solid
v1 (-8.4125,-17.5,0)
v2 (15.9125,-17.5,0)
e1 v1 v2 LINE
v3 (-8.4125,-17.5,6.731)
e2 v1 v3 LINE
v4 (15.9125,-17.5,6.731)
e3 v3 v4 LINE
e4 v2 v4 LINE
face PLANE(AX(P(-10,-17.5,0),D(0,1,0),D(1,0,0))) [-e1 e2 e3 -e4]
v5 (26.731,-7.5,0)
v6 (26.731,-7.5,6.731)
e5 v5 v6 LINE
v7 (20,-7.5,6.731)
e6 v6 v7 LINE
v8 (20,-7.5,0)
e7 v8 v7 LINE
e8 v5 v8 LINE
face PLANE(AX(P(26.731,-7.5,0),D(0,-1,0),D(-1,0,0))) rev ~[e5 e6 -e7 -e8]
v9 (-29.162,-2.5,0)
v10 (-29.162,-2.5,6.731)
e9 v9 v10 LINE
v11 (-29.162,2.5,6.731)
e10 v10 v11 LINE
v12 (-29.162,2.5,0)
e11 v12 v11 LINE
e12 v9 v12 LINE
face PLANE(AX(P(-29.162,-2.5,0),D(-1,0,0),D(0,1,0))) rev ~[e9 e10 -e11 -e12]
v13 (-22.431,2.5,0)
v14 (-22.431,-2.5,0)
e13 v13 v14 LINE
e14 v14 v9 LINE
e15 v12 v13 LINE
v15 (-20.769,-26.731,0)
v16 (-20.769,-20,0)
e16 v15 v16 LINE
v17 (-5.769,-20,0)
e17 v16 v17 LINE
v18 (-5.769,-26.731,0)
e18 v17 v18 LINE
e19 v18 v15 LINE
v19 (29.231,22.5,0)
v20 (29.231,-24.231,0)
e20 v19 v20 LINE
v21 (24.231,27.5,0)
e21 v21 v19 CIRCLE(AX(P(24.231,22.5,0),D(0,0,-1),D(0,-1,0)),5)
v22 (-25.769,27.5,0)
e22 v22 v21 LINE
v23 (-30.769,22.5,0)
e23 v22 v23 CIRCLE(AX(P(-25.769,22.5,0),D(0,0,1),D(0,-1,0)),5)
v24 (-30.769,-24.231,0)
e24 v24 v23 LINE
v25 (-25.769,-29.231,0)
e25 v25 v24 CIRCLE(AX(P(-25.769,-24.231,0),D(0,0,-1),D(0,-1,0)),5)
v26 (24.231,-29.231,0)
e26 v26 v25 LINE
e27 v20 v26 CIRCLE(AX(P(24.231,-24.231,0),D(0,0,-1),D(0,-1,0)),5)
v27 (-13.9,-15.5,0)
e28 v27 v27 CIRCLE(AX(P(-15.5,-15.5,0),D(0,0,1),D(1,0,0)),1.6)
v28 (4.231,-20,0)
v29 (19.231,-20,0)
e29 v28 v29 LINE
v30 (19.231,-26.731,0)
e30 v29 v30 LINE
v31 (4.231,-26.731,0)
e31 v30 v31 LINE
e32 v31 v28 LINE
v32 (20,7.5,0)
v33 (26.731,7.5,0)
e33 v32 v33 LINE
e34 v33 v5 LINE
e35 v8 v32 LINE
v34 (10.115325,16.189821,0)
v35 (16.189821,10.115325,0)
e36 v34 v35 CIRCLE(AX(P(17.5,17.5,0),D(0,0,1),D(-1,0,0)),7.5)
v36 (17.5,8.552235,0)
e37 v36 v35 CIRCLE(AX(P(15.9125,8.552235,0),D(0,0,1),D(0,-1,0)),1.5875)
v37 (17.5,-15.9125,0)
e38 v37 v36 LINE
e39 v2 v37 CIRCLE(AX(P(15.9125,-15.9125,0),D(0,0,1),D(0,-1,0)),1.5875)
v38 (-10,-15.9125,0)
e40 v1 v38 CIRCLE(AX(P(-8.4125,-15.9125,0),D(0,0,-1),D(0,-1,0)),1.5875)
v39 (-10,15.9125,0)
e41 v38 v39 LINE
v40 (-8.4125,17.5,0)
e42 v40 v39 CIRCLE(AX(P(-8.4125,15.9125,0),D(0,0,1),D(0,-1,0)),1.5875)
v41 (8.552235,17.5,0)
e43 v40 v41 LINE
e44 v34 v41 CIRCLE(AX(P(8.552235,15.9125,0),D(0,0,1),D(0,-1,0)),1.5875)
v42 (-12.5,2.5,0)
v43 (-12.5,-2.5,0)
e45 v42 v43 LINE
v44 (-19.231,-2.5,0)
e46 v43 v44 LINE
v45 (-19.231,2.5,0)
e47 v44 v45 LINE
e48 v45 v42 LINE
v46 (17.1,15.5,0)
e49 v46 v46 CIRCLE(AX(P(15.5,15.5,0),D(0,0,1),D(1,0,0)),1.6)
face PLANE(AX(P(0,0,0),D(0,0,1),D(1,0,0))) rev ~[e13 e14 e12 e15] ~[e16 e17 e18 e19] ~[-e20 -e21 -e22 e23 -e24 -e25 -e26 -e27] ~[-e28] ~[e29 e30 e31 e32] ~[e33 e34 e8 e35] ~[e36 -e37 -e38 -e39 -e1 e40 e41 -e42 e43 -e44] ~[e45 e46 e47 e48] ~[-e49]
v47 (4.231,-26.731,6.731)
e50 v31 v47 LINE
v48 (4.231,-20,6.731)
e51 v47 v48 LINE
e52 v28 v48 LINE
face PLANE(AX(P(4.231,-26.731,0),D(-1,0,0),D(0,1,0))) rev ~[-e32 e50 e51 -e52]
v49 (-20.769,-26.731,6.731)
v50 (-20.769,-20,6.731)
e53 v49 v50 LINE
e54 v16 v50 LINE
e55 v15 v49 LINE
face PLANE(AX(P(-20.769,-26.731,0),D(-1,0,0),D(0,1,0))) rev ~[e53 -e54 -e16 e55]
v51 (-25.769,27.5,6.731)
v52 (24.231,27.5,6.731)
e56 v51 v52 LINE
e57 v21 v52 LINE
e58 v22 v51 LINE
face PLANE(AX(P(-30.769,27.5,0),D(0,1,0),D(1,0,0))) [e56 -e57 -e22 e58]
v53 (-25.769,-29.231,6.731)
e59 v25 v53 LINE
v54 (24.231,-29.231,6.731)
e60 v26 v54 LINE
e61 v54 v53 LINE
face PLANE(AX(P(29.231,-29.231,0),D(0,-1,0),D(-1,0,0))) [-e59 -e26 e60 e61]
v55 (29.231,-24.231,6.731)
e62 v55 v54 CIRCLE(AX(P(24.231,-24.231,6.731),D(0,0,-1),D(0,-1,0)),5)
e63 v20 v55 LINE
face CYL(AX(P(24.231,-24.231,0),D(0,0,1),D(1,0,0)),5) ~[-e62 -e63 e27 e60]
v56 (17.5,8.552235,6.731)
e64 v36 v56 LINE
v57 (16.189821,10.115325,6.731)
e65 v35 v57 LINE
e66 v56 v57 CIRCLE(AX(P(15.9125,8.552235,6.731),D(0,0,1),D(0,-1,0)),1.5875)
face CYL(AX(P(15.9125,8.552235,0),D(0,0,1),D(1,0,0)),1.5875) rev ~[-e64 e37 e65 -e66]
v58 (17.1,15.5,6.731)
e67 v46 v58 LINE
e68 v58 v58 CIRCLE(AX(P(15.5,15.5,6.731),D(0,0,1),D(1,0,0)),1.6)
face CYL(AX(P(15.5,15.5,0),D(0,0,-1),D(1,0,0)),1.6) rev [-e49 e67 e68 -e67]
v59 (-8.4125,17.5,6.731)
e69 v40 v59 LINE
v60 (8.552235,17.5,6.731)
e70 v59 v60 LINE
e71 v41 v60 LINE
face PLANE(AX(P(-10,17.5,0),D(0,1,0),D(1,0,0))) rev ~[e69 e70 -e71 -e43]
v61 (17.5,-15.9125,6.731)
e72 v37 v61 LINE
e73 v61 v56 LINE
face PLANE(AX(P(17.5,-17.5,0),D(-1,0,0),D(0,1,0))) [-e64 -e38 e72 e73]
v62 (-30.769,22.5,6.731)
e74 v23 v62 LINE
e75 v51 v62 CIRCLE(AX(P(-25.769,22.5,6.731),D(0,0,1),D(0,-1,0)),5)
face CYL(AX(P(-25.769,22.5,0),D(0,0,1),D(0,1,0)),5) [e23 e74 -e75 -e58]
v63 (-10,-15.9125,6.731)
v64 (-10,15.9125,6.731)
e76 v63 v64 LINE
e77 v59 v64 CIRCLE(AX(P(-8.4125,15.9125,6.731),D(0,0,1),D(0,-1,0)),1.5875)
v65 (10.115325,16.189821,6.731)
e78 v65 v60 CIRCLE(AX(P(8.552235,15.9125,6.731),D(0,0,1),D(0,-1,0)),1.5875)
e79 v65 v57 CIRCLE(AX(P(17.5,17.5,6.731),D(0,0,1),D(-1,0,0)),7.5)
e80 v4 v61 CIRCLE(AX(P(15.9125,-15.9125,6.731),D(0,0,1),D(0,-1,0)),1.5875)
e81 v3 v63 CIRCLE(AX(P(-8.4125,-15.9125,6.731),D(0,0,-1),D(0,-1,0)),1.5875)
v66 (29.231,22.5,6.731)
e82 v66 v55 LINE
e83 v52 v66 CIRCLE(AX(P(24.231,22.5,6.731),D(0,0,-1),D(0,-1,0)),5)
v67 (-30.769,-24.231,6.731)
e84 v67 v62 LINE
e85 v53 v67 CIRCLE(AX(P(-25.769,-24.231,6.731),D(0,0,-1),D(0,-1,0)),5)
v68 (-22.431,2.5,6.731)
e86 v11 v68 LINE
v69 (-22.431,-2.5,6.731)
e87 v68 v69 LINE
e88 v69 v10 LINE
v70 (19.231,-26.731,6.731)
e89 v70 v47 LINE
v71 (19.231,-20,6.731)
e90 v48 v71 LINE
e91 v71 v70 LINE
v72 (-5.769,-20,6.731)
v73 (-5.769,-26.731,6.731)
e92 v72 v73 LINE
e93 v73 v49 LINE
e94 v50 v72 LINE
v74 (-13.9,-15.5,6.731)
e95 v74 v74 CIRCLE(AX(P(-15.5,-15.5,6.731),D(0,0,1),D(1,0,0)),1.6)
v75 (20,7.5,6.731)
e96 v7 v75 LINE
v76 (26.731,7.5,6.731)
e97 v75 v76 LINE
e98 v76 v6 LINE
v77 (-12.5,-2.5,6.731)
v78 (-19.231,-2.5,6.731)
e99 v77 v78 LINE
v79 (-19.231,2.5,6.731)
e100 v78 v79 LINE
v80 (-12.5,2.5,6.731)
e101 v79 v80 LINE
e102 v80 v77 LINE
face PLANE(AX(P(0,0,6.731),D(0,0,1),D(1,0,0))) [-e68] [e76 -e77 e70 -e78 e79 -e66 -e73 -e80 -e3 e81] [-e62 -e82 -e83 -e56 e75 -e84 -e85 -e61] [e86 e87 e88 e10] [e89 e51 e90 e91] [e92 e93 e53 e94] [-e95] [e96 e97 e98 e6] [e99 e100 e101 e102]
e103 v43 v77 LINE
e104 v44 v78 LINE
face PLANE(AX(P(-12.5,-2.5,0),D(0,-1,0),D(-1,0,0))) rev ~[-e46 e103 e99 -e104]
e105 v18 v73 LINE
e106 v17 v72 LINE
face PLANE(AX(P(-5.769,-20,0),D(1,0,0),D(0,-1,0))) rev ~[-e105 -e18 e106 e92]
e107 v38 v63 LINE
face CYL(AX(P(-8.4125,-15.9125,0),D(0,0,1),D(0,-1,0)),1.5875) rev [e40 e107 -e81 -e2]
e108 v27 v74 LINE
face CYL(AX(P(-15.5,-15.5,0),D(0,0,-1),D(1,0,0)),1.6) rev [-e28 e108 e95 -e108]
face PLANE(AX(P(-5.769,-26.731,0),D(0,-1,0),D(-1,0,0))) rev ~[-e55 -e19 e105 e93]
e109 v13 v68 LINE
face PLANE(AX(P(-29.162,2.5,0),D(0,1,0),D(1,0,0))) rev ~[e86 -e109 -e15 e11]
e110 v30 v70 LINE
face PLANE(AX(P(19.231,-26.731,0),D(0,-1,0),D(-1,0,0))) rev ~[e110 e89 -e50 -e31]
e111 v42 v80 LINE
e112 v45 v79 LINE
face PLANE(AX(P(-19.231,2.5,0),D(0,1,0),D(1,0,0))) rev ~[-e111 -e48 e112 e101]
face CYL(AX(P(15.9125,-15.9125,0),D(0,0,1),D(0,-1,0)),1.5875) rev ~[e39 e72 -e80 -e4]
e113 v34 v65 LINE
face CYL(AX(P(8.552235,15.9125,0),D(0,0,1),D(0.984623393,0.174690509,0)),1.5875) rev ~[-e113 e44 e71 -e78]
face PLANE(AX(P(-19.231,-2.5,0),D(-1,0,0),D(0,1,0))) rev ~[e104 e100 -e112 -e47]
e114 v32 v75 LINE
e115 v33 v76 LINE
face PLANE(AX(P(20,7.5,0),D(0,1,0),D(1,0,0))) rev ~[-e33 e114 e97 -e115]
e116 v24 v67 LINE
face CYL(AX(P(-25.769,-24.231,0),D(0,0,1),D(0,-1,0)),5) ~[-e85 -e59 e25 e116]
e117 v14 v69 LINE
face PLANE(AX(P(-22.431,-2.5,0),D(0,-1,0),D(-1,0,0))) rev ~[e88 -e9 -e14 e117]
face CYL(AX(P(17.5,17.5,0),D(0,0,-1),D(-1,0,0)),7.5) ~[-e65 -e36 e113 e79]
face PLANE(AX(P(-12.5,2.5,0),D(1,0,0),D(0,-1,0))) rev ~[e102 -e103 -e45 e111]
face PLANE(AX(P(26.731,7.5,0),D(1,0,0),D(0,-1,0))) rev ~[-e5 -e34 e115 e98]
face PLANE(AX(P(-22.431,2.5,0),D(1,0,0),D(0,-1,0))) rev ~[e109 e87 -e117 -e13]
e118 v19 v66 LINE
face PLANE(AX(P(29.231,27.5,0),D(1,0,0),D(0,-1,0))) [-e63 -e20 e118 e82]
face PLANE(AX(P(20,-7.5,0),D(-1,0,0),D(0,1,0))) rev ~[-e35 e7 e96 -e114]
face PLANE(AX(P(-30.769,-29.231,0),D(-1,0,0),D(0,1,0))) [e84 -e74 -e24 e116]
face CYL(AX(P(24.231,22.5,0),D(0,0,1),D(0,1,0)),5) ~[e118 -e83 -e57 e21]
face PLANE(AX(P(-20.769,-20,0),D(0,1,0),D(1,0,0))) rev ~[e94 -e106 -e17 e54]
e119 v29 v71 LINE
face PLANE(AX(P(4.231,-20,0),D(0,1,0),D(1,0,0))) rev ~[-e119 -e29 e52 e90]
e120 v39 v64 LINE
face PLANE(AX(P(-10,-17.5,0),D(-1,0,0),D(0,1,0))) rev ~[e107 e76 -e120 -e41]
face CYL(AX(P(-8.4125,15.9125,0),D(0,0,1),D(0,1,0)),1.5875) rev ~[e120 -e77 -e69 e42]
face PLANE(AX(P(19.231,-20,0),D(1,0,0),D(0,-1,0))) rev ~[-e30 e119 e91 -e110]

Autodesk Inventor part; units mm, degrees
ref_plane "YZ Plane" through (0, 0, 0) normal (1, 0, 0) x (0, 1, 0)
ref_plane "XZ Plane" through (0, 0, 0) normal (0, 1, 0) x (-1, 0, 0)
ref_plane "XY Plane" through (0, 0, 0) normal (0, 0, 1) x (1, 0, 0)
sketch "Sketch1" plane through (0, 0, 0) normal (0, 0, 1) x (1, 0, 0)
  circle A0 centre (0, 0) radius 2.5
  circle A1 centre (15.5, 15.5) radius 1.6
  line L0 (-19.231, 2.5) -> (-12.5, 2.5)
  line L1 (-12.5, 2.5) -> (-12.5, -2.5)
  line L2 (-12.5, -2.5) -> (-19.231, -2.5)
  line L3 (-19.231, -2.5) -> (-19.231, 2.5)
  line L4 (20, 7.5) -> (26.731, 7.5)
  line L5 (26.731, 7.5) -> (26.731, -7.5)
  line L6 (26.731, -7.5) -> (20, -7.5)
  line L7 (20, -7.5) -> (20, 7.5)
  line L8 (-30.769, 27.5) -> (29.231, 27.5)
  line L9 (29.231, 27.5) -> (29.231, -29.231)
  line L10 (29.231, -29.231) -> (-30.769, -29.231)
  line L11 (-30.769, -29.231) -> (-30.769, 27.5)
  line L12 (4.231, -20) -> (19.231, -20)
  line L13 (19.231, -20) -> (19.231, -26.731)
  line L14 (19.231, -26.731) -> (4.231, -26.731)
  line L15 (4.231, -26.731) -> (4.231, -20)
  line L16 (-29.162, 2.5) -> (-22.431, 2.5)
  line L17 (-22.431, 2.5) -> (-22.431, -2.5)
  line L18 (-22.431, -2.5) -> (-29.162, -2.5)
  line L19 (-29.162, -2.5) -> (-29.162, 2.5)
  line L20 (-20.769, -20) -> (-5.769, -20)
  line L21 (-5.769, -20) -> (-5.769, -26.731)
  line L22 (-5.769, -26.731) -> (-20.769, -26.731)
  line L23 (-20.769, -26.731) -> (-20.769, -20)
  line L24 (-10, -17.5) -> (-10, 17.5)
  line L25 (-10, 17.5) -> (10, 17.5)
  line L26 (-10, -17.5) -> (17.5, -17.5)
  line L27 (17.5, -17.5) -> (17.5, 10)
  arc A2 (10, 17.5) -> (17.5, 10) centre (17.5, 17.5) ccw
  line L28 (-10, -17.5) -> (-6, 0)
  line L29 (6, 0) -> (17.5, -17.5)
  arc A3 (6, 0) -> (-6, 0) centre (0, 0) ccw
  circle A4 centre (-15.5, -15.5) radius 1.6
  point P0 (-12.5, 0)
  point P1 (20, 0)
  dimension "d0" = 5
  dimension "d6" = 32.5
  dimension "d7" = 20
  dimension "d8" = 5
  dimension "d9" = 6.731
  dimension "d13" = 20
  dimension "d17" = 2.5
  dimension "d18" = 20
  dimension "d19" = 2.5
  dimension "d20" = 3.2
  dimension "d25" = 15
  dimension "d26" = 10
  dimension "d28" = 60
  dimension "d29" = 10
  dimension "d30" = 15.5
  dimension "d31" = 15.5
  dimension "d32" = 3.2
  dimension "d33" = 2.5
  dimension "d34" = 2.5
  dimension "d35" = 2.5
  dimension "d36" = 7.5
  dimension "d37" = 6
  dimension "d39" = 35
  dimension "d40" = 15.5
  dimension "d41" = 15.5
extrude "Extrusion2" add sketch "Sketch1" along normal blind 6.731 contours L8 L9 L10 L11
fillet "Fillet2" radius 5 4 edges at (29.231, 27.5, 3.3655) (29.231, -29.231, 3.3655) (-30.769, -29.231, 3.3655) (-30.769, 27.5, 3.3655)
fillet "Fillet2" radius 1.5875 5 edges at (-10, -17.5, 3.3655) (17.5, -17.5, 3.3655) (17.5, 10, 3.3655) (10, 17.5, 3.3655) (-10, 17.5, 3.3655)
equation "\"d9\" = THICKB"
equation "\"d13\" = d7"
equation "\"d29\" = d26"
equation "\"d30\" = d31"
equation "\"d40\" = d31"
equation "\"d41\" = d31"
equation "\"d22\" = THICKB"
equation "\"THICKA\" = 3.175"
equation "\"THICKB\" = 6.731"
equation "\"THICKC\" = 12.7"
equation "\"BALLDIA\" = 12"
equation "\"MAGDIA\" = 9.5"
properties part number "Air2D_Side_Face"
